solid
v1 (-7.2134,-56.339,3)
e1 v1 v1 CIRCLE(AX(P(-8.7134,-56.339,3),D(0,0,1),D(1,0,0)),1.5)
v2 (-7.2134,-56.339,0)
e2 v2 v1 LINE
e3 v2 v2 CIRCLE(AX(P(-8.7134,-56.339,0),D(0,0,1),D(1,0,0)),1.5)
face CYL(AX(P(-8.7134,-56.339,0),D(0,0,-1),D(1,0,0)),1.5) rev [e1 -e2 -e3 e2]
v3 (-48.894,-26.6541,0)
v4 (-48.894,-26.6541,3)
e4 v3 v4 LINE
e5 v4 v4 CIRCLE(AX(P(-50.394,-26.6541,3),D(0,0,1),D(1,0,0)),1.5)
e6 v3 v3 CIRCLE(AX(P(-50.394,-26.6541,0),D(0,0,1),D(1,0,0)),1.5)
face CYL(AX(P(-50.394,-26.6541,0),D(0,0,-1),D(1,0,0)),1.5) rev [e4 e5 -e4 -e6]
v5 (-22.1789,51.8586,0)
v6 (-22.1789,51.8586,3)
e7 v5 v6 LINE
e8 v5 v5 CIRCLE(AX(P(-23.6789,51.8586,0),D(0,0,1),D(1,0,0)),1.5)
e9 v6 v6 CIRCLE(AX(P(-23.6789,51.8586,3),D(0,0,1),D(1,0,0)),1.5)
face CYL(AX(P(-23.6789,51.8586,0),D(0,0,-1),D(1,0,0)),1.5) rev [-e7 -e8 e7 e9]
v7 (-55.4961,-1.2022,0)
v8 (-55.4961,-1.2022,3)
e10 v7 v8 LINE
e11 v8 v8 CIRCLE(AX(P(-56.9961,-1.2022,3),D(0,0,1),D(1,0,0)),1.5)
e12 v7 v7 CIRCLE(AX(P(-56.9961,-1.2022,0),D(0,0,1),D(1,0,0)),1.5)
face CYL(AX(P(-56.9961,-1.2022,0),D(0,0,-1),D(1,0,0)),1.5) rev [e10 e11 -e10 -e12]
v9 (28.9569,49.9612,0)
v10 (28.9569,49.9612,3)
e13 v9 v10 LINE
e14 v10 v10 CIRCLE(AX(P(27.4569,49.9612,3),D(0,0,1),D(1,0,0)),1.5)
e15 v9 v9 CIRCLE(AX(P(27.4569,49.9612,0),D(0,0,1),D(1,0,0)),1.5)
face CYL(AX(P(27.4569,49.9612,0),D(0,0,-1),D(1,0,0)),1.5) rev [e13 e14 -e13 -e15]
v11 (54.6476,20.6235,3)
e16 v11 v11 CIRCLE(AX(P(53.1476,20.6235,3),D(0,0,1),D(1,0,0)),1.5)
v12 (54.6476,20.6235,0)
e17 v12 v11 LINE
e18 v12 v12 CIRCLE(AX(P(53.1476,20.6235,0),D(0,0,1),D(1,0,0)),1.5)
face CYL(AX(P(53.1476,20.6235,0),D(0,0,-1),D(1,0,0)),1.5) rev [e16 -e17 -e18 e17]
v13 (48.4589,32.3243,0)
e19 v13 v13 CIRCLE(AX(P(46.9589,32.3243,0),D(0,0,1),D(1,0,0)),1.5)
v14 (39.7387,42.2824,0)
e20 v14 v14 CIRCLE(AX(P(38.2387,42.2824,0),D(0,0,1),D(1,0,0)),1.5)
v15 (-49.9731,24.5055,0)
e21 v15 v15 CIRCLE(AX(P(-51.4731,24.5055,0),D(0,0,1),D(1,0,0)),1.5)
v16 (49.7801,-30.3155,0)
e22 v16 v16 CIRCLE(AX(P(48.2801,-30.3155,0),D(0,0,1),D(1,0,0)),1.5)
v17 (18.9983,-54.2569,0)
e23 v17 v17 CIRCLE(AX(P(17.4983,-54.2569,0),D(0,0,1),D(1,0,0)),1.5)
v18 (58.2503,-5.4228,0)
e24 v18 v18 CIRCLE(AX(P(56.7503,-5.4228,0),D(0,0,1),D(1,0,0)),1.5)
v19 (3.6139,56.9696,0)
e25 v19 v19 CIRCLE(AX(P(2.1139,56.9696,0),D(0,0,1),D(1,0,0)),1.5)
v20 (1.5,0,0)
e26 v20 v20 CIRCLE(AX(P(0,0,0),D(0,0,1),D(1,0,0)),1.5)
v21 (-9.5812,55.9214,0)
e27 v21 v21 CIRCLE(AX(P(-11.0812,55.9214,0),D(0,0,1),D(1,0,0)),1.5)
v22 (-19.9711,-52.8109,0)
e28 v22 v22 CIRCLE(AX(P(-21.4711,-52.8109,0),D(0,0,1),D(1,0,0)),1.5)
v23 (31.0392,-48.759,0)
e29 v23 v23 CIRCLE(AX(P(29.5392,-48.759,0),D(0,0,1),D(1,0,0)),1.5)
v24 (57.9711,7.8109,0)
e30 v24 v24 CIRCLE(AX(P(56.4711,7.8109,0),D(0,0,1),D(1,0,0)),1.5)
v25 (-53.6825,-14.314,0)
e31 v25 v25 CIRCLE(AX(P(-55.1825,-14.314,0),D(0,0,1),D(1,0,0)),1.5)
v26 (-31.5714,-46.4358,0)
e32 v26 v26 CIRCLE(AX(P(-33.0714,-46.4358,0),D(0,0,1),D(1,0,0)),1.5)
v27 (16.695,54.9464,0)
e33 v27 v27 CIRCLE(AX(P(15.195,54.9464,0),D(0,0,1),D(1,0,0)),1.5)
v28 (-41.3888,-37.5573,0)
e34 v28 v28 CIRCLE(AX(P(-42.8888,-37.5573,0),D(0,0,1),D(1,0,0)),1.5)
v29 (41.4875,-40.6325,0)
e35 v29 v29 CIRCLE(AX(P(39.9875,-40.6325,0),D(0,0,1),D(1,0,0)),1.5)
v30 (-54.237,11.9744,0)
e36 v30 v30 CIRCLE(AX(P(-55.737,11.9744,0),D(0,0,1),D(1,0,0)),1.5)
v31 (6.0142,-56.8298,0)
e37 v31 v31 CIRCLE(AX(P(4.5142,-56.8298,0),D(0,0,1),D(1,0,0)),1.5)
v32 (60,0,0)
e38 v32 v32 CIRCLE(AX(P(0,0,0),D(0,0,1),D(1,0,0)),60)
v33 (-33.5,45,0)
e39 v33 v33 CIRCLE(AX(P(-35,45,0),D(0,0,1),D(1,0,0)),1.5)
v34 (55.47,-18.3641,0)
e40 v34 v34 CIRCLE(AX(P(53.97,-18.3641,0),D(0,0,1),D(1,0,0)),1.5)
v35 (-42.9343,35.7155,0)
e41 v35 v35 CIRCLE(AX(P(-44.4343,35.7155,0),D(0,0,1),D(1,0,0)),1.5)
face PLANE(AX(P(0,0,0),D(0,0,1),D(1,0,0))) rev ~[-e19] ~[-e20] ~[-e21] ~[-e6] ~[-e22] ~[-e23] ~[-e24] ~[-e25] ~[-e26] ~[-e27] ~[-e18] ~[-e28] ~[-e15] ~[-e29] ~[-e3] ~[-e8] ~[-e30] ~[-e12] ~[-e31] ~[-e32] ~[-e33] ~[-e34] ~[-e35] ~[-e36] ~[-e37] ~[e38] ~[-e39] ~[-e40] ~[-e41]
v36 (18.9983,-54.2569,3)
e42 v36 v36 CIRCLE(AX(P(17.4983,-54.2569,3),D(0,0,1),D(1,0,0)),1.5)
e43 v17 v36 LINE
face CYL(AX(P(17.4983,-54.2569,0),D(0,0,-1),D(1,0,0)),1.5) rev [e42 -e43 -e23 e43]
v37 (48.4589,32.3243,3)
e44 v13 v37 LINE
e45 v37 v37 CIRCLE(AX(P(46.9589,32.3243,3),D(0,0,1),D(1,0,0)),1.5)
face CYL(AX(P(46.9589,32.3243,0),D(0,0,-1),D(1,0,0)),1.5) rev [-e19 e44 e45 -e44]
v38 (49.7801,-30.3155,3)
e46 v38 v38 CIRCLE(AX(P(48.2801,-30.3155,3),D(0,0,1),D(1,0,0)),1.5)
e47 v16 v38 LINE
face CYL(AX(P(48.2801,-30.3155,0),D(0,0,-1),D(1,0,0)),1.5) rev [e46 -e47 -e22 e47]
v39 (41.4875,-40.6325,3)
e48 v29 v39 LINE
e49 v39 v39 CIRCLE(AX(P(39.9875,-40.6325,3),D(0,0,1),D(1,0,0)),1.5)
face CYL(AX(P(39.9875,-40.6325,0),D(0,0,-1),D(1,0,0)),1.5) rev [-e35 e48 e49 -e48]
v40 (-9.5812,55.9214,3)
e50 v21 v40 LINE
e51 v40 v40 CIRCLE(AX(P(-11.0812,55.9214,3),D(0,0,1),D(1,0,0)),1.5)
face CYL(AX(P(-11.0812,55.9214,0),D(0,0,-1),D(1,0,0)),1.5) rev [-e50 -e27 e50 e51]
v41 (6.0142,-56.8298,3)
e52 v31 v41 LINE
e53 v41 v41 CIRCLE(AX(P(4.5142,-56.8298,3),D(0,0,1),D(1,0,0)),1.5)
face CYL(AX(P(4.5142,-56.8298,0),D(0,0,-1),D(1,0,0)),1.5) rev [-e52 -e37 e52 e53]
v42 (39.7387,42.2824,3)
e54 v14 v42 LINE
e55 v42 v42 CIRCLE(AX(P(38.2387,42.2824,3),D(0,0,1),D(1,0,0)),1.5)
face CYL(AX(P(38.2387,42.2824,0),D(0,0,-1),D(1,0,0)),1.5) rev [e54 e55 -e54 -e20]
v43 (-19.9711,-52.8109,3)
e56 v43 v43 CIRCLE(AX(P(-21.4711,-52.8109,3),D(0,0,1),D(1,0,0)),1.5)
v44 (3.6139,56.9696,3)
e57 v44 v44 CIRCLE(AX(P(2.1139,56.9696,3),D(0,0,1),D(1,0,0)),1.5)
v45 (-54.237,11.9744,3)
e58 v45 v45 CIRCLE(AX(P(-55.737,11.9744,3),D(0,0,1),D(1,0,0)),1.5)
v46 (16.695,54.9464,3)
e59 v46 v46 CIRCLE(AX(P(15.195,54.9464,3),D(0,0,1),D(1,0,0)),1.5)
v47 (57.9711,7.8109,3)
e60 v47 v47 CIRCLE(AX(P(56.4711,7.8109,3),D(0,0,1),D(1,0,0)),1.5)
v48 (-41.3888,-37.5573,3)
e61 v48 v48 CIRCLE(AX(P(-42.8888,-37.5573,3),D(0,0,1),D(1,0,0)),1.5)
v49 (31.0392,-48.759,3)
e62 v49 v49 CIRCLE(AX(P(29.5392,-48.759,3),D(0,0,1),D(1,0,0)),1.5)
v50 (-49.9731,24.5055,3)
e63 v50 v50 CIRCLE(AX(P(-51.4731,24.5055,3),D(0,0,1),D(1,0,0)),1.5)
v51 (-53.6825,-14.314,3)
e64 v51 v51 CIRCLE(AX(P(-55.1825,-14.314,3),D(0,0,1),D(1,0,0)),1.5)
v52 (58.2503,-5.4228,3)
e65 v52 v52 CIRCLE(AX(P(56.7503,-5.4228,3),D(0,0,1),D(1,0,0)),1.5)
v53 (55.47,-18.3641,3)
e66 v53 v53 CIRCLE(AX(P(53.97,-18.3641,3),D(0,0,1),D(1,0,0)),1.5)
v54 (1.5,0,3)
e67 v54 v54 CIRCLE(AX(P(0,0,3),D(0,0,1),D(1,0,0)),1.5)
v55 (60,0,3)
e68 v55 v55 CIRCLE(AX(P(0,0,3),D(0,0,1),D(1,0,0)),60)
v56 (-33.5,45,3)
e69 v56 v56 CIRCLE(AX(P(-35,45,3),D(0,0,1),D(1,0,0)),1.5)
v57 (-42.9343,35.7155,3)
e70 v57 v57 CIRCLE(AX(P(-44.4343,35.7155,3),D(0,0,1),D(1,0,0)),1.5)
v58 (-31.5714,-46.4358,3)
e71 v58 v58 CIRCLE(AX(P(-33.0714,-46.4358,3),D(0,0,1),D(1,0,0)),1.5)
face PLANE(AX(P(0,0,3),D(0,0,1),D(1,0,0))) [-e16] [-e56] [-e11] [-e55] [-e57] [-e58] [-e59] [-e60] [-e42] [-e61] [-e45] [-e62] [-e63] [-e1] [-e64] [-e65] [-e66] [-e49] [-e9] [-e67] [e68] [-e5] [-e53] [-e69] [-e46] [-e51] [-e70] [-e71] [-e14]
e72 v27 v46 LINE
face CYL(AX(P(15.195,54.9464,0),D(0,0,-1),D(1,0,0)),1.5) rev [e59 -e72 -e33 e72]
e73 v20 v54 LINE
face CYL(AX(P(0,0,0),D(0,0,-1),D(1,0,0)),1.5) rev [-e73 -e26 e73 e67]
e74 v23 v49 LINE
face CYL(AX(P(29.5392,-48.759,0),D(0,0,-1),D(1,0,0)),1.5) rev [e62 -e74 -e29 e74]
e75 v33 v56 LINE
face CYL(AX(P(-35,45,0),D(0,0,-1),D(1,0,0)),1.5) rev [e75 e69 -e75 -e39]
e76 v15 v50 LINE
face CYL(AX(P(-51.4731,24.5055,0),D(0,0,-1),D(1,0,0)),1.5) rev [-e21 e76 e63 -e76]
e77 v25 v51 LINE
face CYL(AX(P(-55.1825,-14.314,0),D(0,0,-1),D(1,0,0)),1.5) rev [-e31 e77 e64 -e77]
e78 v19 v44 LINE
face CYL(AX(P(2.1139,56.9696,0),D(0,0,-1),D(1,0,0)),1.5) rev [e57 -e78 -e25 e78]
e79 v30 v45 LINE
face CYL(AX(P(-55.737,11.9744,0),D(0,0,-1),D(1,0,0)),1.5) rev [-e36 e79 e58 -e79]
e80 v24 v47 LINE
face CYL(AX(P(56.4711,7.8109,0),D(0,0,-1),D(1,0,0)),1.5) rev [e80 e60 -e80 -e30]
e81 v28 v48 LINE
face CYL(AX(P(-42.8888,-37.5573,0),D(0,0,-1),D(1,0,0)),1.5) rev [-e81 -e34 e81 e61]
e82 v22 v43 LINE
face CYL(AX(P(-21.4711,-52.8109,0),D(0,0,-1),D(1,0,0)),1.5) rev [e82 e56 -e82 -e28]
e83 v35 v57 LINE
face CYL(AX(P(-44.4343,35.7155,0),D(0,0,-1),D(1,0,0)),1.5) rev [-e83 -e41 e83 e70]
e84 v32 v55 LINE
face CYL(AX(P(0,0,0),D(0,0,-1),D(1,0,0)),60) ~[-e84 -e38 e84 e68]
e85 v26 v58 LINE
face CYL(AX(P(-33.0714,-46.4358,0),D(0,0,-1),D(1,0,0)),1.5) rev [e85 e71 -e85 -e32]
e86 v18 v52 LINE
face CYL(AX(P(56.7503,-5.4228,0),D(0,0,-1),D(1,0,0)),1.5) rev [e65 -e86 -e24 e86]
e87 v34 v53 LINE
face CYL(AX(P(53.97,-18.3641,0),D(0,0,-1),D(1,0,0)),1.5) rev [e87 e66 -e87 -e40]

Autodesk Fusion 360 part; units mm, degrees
sketch "草图1" plane through (0, 0, 0) normal (0, 0, 1) x (1, 0, 0)
  circle A0 centre (0, 0) radius 60
  circle A1 centre (-35, 45) radius 1.5
  circle A2 centre (-44.4343, 35.7155) radius 1.5
  circle A3 centre (-51.4731, 24.5055) radius 1.5
  circle A4 centre (-55.737, 11.9744) radius 1.5
  circle A5 centre (-56.9961, -1.2022) radius 1.5
  circle A6 centre (-55.1825, -14.314) radius 1.5
  circle A7 centre (-50.394, -26.6541) radius 1.5
  circle A8 centre (-42.8888, -37.5573) radius 1.5
  circle A9 centre (-33.0714, -46.4358) radius 1.5
  circle A10 centre (-21.4711, -52.8109) radius 1.5
  circle A11 centre (-8.7134, -56.339) radius 1.5
  circle A12 centre (4.5142, -56.8298) radius 1.5
  circle A13 centre (17.4983, -54.2569) radius 1.5
  circle A14 centre (29.5392, -48.759) radius 1.5
  circle A15 centre (39.9875, -40.6325) radius 1.5
  circle A16 centre (48.2801, -30.3155) radius 1.5
  circle A17 centre (53.97, -18.3641) radius 1.5
  circle A18 centre (56.7503, -5.4228) radius 1.5
  circle A19 centre (56.4711, 7.8109) radius 1.5
  circle A20 centre (53.1476, 20.6235) radius 1.5
  circle A21 centre (46.9589, 32.3243) radius 1.5
  circle A22 centre (38.2387, 42.2824) radius 1.5
  circle A23 centre (27.4569, 49.9612) radius 1.5
  circle A24 centre (15.195, 54.9464) radius 1.5
  circle A25 centre (2.1139, 56.9696) radius 1.5
  circle A26 centre (-11.0812, 55.9214) radius 1.5
  circle A27 centre (-23.6789, 51.8586) radius 1.5
  circle A28 centre (0, 0) radius 1.5
  dimension "d1" = 120
  dimension "d2" = 3
  dimension "d4" = 360
  dimension "d5" = 3
extrude "拉伸1" add sketch "草图1" along normal blind 3
